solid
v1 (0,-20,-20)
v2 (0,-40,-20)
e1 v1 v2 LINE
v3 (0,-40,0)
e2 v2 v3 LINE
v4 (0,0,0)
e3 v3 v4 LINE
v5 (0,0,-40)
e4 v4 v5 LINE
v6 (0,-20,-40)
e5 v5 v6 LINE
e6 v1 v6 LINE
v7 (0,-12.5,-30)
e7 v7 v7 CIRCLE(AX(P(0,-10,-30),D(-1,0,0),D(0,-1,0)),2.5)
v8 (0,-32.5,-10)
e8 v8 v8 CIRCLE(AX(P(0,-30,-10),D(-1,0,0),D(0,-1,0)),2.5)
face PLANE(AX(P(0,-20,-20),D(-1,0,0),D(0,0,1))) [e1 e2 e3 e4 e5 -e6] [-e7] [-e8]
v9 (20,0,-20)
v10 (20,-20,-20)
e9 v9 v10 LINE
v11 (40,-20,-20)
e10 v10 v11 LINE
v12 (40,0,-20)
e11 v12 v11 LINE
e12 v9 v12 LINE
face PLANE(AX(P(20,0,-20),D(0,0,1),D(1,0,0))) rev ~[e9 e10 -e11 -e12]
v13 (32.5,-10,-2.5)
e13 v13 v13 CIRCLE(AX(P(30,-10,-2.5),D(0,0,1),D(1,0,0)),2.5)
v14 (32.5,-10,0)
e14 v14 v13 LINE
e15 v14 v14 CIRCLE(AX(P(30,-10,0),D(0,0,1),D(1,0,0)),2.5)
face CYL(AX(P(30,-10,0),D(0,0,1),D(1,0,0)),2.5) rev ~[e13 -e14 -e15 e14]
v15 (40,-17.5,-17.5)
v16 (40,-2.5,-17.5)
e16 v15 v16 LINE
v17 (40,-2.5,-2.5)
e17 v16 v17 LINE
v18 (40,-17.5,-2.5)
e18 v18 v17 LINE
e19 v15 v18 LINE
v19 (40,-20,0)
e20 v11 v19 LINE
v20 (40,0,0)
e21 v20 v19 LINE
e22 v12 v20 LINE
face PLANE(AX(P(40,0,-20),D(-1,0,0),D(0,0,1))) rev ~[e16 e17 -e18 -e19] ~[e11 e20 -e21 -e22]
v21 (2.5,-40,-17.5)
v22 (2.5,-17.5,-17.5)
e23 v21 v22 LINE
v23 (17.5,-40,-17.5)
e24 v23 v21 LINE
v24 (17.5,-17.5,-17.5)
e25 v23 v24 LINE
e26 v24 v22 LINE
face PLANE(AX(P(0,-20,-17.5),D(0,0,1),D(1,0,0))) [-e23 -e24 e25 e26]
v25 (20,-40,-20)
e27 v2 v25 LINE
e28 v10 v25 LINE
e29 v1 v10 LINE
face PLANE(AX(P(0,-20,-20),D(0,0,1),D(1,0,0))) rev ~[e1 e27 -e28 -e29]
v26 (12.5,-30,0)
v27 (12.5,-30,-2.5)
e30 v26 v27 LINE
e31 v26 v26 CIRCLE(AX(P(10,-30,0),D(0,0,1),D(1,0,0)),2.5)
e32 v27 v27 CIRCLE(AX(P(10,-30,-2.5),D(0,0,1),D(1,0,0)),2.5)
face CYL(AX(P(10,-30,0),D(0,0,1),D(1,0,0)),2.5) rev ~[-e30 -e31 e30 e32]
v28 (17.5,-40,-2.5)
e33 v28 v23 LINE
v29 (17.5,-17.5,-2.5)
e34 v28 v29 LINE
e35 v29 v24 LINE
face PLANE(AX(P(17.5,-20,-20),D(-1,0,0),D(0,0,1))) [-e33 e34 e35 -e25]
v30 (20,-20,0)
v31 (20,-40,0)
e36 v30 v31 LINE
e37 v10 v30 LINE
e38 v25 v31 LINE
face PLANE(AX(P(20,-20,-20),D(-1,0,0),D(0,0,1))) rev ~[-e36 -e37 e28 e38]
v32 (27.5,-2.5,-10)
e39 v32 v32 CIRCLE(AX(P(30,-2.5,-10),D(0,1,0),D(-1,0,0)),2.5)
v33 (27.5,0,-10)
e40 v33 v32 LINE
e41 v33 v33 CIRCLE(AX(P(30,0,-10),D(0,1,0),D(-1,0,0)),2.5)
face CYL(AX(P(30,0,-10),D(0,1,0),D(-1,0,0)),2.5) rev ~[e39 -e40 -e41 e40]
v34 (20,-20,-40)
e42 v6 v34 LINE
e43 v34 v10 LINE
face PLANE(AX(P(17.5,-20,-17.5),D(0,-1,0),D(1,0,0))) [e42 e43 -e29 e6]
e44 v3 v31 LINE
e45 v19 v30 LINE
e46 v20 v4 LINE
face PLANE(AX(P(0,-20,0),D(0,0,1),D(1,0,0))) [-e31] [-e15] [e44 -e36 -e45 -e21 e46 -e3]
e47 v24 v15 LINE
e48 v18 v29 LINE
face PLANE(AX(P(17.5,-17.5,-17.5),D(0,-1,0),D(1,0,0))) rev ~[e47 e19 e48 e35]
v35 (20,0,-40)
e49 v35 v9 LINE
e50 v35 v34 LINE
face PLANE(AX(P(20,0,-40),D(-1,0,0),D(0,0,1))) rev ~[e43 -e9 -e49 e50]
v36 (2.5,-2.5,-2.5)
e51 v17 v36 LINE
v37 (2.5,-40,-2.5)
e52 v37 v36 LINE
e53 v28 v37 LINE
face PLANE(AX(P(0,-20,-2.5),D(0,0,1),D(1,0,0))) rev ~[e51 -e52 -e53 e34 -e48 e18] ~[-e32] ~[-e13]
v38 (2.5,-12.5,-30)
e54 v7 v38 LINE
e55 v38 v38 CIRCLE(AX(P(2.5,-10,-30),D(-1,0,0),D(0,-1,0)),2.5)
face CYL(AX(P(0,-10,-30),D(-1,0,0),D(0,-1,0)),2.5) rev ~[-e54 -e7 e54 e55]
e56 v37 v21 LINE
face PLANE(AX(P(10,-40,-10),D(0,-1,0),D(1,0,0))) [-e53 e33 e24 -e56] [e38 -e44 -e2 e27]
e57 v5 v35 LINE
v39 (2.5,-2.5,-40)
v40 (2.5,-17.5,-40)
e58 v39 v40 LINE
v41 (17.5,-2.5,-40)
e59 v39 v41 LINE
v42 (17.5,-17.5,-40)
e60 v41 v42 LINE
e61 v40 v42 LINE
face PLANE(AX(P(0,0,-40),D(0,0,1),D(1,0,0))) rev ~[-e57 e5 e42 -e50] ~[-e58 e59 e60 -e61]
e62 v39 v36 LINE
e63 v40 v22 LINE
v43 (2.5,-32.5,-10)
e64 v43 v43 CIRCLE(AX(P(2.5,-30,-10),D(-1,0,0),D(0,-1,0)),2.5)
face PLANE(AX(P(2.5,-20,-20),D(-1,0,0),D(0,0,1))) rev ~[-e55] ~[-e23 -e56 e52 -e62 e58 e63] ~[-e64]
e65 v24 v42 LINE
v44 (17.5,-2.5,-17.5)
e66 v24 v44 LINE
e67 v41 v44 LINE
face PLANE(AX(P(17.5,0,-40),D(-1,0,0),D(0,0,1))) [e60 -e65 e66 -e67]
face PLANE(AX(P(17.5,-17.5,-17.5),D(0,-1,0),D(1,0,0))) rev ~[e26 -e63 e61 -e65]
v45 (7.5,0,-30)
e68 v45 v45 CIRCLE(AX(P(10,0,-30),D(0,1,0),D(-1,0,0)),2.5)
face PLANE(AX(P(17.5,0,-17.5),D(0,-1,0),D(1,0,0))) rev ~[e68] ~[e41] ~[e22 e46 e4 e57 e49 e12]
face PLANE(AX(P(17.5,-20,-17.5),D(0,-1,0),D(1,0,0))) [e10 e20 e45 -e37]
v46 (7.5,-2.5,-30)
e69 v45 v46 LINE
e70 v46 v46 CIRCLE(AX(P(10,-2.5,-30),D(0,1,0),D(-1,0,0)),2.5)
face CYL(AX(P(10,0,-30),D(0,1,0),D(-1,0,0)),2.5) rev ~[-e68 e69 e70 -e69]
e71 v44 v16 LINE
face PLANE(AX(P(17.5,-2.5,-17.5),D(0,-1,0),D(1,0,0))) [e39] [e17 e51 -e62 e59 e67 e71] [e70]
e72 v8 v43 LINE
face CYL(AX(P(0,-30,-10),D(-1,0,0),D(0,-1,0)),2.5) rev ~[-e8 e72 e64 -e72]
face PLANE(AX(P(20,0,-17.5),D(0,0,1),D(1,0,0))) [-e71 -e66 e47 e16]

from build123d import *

# Parameters (mm, degrees)
F1_DEPTH  = 20
F2_W      = 20
F2_H      = 20
F3_DEPTH  = 20
F4_T      = -2.5
F5_R      = 2.5
F6_DEPTH  = 2.5
F7_R      = 2.5
F8_DEPTH  = 2.5
F9_R      = 2.5
F10_DEPTH = 2.5


with BuildPart() as f1:
    # F0 (on Front) → F1 (new body)
    with BuildSketch(Plane.XZ):
        Polygon((40, 0), (0, 0), (0, -40), (20, -40), (20, -20), (40, -20), align=None)
    extrude(amount=F1_DEPTH)

    # F2 (on face) → F3 (join)
    with BuildSketch(Plane.XZ.offset(20)):
        with Locations((10, -10)):
            Rectangle(F2_W, F2_H)
    extrude(amount=F3_DEPTH)

    # F4
    f4_openings = [f1.faces().sort_by_distance(p)[0] for p in [
        (10, -40, -10),
        (40, -10, -10),
        (10, -10, -40),
    ]]
    offset(amount=F4_T, openings=f4_openings, kind=Kind.INTERSECTION)

    # F5 (on face) → F6 (cut, through all)
    with BuildSketch(Plane(origin=(0, 0, 0), x_dir=(0, -1, 0), z_dir=(-1, 0, 0))):
        with Locations((30, -10)):
            Circle(F5_R)
        with Locations((10, -30)):
            Circle(F5_R)
    extrude(amount=-F6_DEPTH, mode=Mode.SUBTRACT)

    # F7 (on face) → F8 (cut, through all)
    with BuildSketch(Plane.XY):
        with Locations((10, -30)):
            Circle(F7_R)
        with Locations((30, -10)):
            Circle(F7_R)
    extrude(amount=-F8_DEPTH, mode=Mode.SUBTRACT)

    # F9 (on face) → F10 (cut, through all)
    with BuildSketch(Plane(origin=(0, 0, 0), x_dir=(-1, 0, 0), z_dir=(0, 1, 0))):
        with Locations((-30, -10)):
            Circle(F9_R)
        with Locations((-10, -30)):
            Circle(F9_R)
    extrude(amount=-F10_DEPTH, mode=Mode.SUBTRACT)


solid = f1.part
